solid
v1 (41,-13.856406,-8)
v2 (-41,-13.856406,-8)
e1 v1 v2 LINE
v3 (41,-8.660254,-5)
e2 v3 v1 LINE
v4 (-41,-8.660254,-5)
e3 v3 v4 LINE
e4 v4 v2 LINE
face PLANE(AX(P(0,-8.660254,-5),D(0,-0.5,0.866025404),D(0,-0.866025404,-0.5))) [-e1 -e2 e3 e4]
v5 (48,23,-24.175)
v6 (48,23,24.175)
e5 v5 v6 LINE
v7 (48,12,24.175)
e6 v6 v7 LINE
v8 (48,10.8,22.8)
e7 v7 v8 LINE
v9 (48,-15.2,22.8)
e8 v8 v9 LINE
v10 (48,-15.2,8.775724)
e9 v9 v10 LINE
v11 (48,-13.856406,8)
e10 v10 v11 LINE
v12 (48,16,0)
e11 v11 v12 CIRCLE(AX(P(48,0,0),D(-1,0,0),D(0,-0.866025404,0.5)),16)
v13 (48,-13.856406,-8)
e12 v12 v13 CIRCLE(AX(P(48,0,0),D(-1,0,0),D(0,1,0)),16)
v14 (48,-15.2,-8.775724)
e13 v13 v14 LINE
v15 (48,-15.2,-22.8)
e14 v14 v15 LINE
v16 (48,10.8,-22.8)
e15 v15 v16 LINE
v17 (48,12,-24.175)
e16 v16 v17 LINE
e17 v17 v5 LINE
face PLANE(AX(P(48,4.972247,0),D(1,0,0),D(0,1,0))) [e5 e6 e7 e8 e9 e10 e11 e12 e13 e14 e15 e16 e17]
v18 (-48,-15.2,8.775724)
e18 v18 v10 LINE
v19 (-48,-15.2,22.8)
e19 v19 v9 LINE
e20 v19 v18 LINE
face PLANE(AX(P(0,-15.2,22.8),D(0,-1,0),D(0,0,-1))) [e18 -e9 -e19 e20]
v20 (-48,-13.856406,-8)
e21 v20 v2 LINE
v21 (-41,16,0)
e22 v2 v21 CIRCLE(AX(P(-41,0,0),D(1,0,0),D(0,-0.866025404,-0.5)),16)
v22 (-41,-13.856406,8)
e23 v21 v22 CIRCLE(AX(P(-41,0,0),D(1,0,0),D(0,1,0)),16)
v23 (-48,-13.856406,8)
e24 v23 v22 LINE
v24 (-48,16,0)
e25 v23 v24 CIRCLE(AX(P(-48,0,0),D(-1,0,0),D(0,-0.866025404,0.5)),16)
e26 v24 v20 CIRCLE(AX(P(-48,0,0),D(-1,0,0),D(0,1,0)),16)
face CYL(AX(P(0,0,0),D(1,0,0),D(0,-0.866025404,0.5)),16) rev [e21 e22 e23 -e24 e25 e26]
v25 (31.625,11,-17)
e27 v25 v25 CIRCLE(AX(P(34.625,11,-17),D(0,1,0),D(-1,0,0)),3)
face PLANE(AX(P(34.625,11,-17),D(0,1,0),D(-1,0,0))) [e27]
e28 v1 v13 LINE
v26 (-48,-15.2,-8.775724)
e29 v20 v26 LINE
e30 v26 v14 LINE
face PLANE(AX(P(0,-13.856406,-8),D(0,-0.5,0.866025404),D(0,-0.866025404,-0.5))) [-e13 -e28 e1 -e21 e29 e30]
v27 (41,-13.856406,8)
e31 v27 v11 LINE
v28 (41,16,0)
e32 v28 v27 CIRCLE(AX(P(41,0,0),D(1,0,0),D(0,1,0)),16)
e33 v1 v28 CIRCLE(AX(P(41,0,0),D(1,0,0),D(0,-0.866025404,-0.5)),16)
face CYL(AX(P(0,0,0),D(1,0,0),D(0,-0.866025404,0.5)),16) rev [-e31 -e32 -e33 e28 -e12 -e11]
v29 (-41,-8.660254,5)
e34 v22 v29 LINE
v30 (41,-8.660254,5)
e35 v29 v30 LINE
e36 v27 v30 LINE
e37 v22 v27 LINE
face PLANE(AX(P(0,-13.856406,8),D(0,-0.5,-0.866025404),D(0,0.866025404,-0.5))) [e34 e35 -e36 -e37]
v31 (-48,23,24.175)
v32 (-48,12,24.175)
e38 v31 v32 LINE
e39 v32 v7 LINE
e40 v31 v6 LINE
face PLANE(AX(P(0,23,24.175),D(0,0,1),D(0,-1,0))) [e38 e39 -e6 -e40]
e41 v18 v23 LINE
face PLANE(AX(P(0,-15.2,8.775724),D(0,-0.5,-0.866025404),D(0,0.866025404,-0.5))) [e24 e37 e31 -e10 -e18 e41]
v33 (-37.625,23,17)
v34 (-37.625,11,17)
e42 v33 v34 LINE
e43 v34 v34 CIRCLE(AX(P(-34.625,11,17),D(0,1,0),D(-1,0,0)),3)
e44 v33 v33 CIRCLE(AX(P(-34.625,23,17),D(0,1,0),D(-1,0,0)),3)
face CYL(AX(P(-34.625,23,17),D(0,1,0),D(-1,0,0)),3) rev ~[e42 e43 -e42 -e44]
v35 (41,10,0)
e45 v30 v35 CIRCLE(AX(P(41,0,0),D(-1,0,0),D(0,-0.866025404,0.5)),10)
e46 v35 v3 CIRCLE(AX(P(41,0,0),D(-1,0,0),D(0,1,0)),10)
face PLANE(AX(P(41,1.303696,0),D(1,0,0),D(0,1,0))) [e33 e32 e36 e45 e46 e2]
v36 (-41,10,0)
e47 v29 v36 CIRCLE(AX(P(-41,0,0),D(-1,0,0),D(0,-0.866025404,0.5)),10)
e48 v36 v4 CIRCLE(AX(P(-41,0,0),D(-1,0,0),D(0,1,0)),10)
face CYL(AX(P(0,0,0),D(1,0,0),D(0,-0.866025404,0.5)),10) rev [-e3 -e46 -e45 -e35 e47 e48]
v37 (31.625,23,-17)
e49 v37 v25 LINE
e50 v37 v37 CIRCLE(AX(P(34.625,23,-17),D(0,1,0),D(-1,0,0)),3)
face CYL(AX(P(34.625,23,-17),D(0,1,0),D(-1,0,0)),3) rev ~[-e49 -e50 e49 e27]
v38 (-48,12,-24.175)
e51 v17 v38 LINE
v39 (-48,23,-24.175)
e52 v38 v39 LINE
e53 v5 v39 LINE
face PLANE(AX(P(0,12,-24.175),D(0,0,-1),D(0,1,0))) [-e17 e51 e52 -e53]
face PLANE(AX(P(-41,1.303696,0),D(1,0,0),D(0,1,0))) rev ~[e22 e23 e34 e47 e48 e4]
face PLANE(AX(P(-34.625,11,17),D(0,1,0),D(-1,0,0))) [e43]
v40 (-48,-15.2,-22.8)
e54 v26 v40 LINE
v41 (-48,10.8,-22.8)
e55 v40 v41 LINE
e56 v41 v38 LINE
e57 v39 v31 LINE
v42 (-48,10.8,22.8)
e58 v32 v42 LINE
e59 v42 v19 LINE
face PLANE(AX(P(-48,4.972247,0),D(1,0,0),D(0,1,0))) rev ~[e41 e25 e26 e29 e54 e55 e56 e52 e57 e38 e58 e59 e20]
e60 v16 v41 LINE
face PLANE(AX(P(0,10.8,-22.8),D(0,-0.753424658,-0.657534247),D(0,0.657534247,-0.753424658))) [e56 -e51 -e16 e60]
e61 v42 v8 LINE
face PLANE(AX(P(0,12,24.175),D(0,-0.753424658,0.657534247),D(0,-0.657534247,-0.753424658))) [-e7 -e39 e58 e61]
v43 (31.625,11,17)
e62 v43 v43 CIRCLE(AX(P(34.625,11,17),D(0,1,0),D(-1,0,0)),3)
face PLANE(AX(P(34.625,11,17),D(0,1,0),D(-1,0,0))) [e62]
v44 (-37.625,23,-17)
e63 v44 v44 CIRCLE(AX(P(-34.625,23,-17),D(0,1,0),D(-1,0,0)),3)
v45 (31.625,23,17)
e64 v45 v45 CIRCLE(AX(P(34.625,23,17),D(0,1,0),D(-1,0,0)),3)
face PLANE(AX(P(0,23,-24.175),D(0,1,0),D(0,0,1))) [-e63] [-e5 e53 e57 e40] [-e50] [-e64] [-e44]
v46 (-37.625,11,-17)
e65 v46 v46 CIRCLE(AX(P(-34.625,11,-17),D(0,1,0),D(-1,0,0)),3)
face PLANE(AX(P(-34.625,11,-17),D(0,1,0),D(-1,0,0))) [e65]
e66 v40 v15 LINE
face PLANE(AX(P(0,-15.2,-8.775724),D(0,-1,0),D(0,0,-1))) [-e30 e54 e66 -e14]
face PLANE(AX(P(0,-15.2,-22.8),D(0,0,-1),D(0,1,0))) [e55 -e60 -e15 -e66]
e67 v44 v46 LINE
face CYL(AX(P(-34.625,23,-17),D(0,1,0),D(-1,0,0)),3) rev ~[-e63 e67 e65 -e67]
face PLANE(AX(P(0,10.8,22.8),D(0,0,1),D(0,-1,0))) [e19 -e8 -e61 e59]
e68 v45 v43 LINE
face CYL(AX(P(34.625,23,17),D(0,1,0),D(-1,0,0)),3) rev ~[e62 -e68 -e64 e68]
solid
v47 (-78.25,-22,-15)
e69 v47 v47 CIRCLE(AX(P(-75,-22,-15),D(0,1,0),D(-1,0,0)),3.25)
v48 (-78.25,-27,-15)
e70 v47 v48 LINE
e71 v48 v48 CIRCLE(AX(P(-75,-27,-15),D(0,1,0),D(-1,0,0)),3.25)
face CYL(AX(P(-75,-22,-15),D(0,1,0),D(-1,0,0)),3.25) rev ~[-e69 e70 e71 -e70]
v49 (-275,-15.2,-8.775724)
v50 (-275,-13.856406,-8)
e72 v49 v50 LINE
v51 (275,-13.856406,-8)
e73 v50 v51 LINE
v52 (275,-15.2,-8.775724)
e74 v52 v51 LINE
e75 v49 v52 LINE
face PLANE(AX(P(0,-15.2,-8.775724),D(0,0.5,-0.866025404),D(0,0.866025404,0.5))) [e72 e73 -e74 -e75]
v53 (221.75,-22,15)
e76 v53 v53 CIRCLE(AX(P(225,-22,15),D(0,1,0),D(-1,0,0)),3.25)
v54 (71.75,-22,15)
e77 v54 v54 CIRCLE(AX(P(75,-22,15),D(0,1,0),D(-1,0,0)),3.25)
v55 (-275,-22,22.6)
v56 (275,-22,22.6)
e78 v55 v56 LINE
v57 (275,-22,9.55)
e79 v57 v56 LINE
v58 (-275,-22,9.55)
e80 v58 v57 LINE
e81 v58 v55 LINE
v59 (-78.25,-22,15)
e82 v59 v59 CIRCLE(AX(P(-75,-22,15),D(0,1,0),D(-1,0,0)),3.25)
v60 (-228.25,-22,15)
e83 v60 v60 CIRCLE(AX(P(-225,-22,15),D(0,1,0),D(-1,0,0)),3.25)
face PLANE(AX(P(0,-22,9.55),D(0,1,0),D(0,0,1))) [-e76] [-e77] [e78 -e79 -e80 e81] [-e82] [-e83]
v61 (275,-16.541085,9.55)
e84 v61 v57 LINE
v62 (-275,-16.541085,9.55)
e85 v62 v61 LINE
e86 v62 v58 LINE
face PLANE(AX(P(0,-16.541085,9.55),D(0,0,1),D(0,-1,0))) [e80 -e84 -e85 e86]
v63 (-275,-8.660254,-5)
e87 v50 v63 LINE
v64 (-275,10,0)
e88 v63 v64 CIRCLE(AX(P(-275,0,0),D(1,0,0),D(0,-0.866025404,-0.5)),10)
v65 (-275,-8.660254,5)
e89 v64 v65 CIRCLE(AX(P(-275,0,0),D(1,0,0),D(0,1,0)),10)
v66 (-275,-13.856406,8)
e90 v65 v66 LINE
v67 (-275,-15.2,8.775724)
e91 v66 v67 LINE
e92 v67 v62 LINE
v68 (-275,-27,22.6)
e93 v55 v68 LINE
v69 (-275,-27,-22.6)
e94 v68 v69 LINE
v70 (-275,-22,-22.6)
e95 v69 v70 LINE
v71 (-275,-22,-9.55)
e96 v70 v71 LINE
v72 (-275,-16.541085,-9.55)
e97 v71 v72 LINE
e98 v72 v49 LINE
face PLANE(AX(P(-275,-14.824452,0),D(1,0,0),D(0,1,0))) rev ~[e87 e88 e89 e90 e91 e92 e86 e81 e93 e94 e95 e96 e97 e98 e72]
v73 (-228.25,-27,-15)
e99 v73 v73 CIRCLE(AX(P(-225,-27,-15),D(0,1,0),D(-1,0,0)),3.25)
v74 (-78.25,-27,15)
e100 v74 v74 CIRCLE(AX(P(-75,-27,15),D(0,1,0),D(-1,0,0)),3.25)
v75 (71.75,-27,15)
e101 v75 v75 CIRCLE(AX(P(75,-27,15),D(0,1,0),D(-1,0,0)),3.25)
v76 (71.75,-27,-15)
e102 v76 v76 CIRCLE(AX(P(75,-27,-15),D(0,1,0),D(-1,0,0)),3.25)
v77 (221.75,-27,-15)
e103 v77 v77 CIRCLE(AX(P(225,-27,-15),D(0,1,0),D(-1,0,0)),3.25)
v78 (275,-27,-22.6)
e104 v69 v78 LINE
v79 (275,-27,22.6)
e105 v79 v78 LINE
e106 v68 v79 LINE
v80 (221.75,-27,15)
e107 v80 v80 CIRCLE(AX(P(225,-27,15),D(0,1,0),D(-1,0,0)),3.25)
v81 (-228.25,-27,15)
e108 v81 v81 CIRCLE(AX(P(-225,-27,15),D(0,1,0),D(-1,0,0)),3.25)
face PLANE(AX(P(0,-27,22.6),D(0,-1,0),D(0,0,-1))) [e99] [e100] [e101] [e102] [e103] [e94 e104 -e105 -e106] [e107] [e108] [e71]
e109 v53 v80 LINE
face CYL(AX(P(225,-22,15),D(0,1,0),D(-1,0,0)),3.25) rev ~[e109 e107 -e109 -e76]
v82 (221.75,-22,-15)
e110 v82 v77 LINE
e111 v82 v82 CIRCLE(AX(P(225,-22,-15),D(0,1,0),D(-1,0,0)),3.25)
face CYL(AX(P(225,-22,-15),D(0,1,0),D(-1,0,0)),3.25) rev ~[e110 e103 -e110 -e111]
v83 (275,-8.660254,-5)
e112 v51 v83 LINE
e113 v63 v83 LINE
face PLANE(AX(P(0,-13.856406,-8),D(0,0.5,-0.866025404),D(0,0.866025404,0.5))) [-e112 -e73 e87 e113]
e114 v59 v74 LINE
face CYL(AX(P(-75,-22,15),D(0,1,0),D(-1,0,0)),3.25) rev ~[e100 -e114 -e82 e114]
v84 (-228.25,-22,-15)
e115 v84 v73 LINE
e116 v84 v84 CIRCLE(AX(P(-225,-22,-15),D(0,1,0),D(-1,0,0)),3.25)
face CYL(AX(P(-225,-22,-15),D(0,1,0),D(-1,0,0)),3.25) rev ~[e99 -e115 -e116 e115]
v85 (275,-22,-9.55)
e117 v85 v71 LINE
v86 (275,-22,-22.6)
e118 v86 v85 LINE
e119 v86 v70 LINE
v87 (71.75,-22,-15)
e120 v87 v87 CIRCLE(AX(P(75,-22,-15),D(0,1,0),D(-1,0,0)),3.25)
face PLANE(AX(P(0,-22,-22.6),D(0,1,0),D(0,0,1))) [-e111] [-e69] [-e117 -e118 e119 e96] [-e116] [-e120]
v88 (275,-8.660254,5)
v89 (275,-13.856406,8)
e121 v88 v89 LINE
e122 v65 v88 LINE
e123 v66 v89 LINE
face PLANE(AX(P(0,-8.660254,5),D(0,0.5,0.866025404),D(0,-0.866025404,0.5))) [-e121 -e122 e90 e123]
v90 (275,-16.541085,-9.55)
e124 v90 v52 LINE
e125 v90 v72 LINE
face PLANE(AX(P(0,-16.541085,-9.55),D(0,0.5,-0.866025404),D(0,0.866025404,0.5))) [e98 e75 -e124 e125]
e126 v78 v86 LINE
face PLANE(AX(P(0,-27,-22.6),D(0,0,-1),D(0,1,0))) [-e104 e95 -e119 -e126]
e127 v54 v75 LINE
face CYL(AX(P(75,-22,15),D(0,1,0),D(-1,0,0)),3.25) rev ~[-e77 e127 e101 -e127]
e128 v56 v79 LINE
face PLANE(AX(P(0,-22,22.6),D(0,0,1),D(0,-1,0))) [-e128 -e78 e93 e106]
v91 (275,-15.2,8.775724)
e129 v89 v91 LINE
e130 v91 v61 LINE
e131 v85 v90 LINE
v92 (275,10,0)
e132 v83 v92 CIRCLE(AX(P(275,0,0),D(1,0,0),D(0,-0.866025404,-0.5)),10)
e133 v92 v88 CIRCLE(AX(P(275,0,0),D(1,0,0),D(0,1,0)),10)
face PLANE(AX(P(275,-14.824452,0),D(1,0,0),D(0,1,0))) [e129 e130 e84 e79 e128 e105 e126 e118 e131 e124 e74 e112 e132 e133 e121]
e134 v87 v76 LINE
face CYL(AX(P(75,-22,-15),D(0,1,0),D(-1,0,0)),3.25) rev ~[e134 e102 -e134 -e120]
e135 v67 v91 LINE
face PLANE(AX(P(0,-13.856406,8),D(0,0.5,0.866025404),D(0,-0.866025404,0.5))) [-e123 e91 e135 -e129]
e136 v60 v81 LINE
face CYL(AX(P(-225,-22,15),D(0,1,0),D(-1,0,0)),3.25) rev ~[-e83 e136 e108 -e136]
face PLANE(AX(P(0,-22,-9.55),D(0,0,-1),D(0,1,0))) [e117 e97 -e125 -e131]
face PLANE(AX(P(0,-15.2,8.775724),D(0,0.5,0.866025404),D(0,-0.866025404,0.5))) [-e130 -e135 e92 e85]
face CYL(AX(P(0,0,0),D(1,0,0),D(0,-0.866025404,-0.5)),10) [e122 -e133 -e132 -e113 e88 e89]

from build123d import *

# Parameters (mm, degrees)
F1_DEPTH = 48
F3_DEPTH = 41
F4_DEPTH = 275
F5_R     = 3
F6_DEPTH = 12
F7_R     = 3.25
F8_DEPTH = 25


with BuildPart() as f1:
    # F0 (on Right) → F1 (new body, symmetric)
    with BuildSketch(Plane.YZ):
        with BuildLine():
            Line((23, -24.175), (23, 0))
            Line((23, 0), (23, 24.175))
            Line((23, 24.175), (12, 24.175))
            Line((12, 24.175), (10.8, 22.8))
            Line((10.8, 22.8), (-15.2, 22.8))
            Line((-15.2, 22.8), (-15.2, 8.7757240917))
            Line((-15.2, 8.7757240917), (-13.8564064606, 8))
            ThreePointArc((-13.8564064606, 8), (4.1411047216, 15.4548132206), (16, 0))
            ThreePointArc((16, 0), (4.1411047216, -15.4548132206), (-13.8564064606, -8))
            Line((-13.8564064606, -8), (-15.2, -8.7757240917))
            Line((-15.2, -8.7757240917), (-15.2, -22.8))
            Line((-15.2, -22.8), (10.8, -22.8))
            Line((10.8, -22.8), (12, -24.175))
            Line((12, -24.175), (23, -24.175))
        make_face()
    extrude(amount=F1_DEPTH, both=True)

    # F0 (on Right) → F3 (join, symmetric)
    with BuildSketch(Plane.YZ):
        with BuildLine():
            Line((-8.6602540378, -5), (-13.8564064606, -8))
            ThreePointArc((-13.8564064606, -8), (4.1411047216, -15.4548132206), (16, 0))
            ThreePointArc((16, 0), (4.1411047216, 15.4548132206), (-13.8564064606, 8))
            Line((-13.8564064606, 8), (-8.6602540378, 5))
            ThreePointArc((-8.6602540378, 5), (2.588190451, 9.6592582629), (10, 0))
            ThreePointArc((10, 0), (2.588190451, -9.6592582629), (-8.6602540378, -5))
        make_face()
    extrude(amount=F3_DEPTH, both=True)

    # F5 (on face) → F6 (cut)
    with BuildSketch(Plane(origin=(0, 23, 0), x_dir=(-1, 0, 0), z_dir=(0, 1, 0))):
        with Locations((-34.625, 17)):
            Circle(F5_R)
        with Locations((34.625, 17)):
            Circle(F5_R)
        with Locations((34.625, -17)):
            Circle(F5_R)
        with Locations((-34.625, -17)):
            Circle(F5_R)
    extrude(amount=-F6_DEPTH, mode=Mode.SUBTRACT)


with BuildPart() as f4:
    # F0 (on Right) → F4 (new body, symmetric)
    with BuildSketch(Plane.YZ):
        with BuildLine():
            Line((-16.5410852123, -9.55), (-15.2, -8.7757240917))
            Line((-15.2, -8.7757240917), (-13.8564064606, -8))
            Line((-13.8564064606, -8), (-8.6602540378, -5))
            ThreePointArc((-8.6602540378, -5), (2.588190451, -9.6592582629), (10, 0))
            ThreePointArc((10, 0), (2.588190451, 9.6592582629), (-8.6602540378, 5))
            Line((-8.6602540378, 5), (-13.8564064606, 8))
            Line((-13.8564064606, 8), (-15.2, 8.7757240917))
            Line((-15.2, 8.7757240917), (-16.5410852123, 9.55))
            Line((-16.5410852123, 9.55), (-22, 9.55))
            Line((-22, 9.55), (-22, 12.7017059222))
            Line((-22, 12.7017059222), (-22, 22.6))
            Line((-22, 22.6), (-27, 22.6))
            Line((-27, 22.6), (-27, 0))
            Line((-27, 0), (-27, -22.6))
            Line((-27, -22.6), (-22, -22.6))
            Line((-22, -22.6), (-22, -12.7017059222))
            Line((-22, -12.7017059222), (-22, -9.55))
            Line((-22, -9.55), (-16.5410852123, -9.55))
        make_face()
    extrude(amount=F4_DEPTH, both=True)

    # F7 (on face) → F8 (cut)
    with BuildSketch(Plane(origin=(0, -22, 0), x_dir=(-1, 0, 0), z_dir=(0, 1, 0))):
        with Locations((-225, 15)):
            Circle(F7_R)
        with Locations((-75, 15)):
            Circle(F7_R)
        with Locations((-225, -15)):
            Circle(F7_R)
        with Locations((-75, -15)):
            Circle(F7_R)
        with Locations((75, 15)):
            Circle(F7_R)
        with Locations((225, 15)):
            Circle(F7_R)
        with Locations((225, -15)):
            Circle(F7_R)
        with Locations((75, -15)):
            Circle(F7_R)
    extrude(amount=-F8_DEPTH, mode=Mode.SUBTRACT)


solid = Compound([f1.part, f4.part])
